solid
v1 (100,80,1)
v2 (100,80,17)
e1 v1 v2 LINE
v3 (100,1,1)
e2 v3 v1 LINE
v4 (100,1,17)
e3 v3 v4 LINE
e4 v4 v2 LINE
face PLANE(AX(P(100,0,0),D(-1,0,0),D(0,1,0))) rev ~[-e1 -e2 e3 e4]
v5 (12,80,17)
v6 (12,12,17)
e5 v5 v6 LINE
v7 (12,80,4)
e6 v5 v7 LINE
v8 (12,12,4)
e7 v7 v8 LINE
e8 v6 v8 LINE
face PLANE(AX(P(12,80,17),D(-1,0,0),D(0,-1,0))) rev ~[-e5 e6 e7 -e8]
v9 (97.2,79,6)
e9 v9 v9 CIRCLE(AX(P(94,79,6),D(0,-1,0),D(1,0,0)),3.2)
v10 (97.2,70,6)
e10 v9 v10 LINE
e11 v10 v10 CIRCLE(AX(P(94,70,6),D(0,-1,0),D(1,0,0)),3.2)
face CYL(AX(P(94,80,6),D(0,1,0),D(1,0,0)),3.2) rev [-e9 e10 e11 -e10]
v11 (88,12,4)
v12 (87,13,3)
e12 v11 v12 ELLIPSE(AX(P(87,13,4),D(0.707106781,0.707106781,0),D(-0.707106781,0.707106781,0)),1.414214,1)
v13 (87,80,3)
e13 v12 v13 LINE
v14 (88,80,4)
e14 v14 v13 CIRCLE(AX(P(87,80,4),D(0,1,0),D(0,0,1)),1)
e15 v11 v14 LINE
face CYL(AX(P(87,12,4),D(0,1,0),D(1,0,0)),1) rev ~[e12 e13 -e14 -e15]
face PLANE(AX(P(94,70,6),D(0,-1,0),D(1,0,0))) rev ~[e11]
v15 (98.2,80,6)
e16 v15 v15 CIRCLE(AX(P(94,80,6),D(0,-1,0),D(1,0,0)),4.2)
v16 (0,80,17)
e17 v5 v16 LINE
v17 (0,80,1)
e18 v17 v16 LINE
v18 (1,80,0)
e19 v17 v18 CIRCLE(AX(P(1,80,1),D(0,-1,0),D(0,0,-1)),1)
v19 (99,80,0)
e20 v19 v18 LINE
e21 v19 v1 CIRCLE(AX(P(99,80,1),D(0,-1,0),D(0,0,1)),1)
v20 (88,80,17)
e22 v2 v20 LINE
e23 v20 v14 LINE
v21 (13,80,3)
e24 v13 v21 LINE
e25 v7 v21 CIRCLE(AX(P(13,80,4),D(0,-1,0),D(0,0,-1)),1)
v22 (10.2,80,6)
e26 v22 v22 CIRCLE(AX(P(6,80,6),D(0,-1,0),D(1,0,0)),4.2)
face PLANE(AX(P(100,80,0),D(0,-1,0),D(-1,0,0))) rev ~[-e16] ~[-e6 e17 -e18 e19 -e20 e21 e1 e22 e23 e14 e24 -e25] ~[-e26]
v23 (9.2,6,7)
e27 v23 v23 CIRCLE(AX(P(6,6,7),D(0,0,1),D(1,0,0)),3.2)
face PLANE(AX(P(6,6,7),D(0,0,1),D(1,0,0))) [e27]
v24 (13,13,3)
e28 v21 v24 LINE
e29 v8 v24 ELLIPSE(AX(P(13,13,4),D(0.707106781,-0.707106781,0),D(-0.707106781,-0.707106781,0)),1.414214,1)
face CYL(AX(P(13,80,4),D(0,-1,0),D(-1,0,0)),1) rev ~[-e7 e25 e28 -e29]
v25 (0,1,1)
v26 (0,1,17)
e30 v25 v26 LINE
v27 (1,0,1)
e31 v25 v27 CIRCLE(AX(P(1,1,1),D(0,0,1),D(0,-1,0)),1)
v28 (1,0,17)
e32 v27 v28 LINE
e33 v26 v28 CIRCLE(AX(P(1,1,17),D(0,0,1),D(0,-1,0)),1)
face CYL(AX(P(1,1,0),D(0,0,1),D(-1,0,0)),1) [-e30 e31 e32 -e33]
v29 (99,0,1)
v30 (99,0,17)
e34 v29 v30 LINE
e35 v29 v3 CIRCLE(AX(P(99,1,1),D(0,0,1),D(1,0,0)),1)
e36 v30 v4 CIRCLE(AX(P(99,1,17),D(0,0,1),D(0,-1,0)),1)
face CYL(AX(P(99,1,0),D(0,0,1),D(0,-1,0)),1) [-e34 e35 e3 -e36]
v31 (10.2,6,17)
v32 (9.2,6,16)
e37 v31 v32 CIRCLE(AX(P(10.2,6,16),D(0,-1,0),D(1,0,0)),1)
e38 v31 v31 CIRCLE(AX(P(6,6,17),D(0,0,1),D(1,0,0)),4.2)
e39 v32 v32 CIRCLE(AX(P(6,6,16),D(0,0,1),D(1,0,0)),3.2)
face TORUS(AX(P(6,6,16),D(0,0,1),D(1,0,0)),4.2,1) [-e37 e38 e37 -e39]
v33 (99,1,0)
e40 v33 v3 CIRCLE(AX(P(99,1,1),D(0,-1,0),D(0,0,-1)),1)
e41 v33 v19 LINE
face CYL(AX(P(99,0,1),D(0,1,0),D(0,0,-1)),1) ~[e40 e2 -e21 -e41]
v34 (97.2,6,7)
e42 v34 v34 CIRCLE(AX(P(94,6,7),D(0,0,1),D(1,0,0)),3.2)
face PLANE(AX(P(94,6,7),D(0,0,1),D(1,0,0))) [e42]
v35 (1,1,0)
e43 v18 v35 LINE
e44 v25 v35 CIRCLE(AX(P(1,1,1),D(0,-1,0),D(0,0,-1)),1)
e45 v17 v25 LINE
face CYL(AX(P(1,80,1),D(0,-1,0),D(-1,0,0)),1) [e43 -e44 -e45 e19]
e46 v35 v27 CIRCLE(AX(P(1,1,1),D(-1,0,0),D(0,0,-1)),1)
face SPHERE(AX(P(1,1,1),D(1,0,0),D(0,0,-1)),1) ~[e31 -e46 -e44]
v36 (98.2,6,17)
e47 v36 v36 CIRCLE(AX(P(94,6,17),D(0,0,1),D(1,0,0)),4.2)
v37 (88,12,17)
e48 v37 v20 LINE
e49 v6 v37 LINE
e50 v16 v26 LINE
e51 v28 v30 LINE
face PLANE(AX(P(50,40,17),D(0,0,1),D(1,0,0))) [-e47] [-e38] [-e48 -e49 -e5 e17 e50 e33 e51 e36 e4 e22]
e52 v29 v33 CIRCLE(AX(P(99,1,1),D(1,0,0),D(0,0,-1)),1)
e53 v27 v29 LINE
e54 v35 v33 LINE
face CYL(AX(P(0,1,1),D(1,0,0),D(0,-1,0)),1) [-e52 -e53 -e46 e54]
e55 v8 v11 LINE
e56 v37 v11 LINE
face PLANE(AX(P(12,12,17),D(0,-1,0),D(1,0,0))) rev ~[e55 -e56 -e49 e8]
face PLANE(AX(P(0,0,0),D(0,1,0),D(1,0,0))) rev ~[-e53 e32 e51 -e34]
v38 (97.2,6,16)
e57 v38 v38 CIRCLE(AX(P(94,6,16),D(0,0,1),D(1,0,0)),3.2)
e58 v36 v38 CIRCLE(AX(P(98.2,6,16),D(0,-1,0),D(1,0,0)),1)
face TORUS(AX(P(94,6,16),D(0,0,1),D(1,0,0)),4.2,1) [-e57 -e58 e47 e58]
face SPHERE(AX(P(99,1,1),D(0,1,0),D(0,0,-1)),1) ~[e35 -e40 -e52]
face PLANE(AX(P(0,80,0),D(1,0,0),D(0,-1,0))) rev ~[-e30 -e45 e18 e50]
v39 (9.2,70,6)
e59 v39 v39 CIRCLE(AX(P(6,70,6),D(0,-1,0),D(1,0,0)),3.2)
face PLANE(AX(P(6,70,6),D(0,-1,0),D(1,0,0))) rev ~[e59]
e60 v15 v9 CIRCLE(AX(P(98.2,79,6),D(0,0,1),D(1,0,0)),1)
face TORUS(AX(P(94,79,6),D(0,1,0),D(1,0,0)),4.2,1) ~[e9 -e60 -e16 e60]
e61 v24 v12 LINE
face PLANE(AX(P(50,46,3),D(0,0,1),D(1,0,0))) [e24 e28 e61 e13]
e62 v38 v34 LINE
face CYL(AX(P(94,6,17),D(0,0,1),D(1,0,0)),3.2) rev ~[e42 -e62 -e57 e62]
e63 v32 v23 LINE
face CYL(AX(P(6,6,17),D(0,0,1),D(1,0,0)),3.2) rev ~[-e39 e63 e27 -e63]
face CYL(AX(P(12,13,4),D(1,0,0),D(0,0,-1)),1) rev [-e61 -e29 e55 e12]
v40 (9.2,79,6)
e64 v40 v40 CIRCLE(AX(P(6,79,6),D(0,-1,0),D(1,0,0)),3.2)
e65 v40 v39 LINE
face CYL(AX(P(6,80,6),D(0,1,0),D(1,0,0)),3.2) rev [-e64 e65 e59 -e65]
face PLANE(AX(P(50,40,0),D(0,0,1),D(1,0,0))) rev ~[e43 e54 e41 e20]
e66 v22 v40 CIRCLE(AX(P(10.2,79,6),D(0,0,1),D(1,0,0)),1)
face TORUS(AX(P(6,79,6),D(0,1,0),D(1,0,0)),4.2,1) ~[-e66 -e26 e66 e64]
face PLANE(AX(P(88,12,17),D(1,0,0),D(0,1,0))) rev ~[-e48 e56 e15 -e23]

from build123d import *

# Parameters (mm, degrees)
F1_DEPTH = 17
F4_DEPTH = 14
F3_R     = 3.2
F5_DEPTH = 10
F7_R     = 3.2
F8_DEPTH = 10
F9_R     = 1


with BuildPart() as f1:
    # F0 (on Top) → F1 (new body)
    with BuildSketch(Plane.XY):
        Polygon((0, 80), (0, 0), (50, 0), (100, 0), (100, 80), (50, 80), align=None)
    extrude(amount=F1_DEPTH)

    # F3 (on offset) → F4 (cut)
    with BuildSketch(Plane.XY.offset(17)):
        Polygon((50, 80), (12, 80), (12, 12), (50, 12), (88, 12), (88, 80), align=None)
    extrude(amount=-F4_DEPTH, mode=Mode.SUBTRACT)

    # F3 (on offset) → F5 (cut)
    with BuildSketch(Plane.XY.offset(17)):
        with Locations((6, 6)):
            Circle(F3_R)
        with Locations((94, 6)):
            Circle(F3_R)
    extrude(amount=-F5_DEPTH, mode=Mode.SUBTRACT)

    # F7 (on offset) → F8 (cut)
    with BuildSketch(Plane.XZ.offset(-80)):
        with Locations((94, 6)):
            Circle(F7_R)
        with Locations((6, 6)):
            Circle(F7_R)
    extrude(amount=F8_DEPTH, mode=Mode.SUBTRACT)

    # F9
    f9_edges = [f1.edges().sort_by_distance(p)[0] for p in [
        (12, 46, 3),
        (88, 46, 3),
        (50, 12, 3),
        (90.8, 6, 17),
        (2.8, 6, 17),
        (90.8, 80, 6),
        (2.8, 80, 6),
        (100, 40, 0),
        (50, 0, 0),
        (0, 40, 0),
        (100, 0, 8.5),
        (0, 0, 8.5),
    ]]
    fillet(f9_edges, radius=F9_R)


solid = f1.part
